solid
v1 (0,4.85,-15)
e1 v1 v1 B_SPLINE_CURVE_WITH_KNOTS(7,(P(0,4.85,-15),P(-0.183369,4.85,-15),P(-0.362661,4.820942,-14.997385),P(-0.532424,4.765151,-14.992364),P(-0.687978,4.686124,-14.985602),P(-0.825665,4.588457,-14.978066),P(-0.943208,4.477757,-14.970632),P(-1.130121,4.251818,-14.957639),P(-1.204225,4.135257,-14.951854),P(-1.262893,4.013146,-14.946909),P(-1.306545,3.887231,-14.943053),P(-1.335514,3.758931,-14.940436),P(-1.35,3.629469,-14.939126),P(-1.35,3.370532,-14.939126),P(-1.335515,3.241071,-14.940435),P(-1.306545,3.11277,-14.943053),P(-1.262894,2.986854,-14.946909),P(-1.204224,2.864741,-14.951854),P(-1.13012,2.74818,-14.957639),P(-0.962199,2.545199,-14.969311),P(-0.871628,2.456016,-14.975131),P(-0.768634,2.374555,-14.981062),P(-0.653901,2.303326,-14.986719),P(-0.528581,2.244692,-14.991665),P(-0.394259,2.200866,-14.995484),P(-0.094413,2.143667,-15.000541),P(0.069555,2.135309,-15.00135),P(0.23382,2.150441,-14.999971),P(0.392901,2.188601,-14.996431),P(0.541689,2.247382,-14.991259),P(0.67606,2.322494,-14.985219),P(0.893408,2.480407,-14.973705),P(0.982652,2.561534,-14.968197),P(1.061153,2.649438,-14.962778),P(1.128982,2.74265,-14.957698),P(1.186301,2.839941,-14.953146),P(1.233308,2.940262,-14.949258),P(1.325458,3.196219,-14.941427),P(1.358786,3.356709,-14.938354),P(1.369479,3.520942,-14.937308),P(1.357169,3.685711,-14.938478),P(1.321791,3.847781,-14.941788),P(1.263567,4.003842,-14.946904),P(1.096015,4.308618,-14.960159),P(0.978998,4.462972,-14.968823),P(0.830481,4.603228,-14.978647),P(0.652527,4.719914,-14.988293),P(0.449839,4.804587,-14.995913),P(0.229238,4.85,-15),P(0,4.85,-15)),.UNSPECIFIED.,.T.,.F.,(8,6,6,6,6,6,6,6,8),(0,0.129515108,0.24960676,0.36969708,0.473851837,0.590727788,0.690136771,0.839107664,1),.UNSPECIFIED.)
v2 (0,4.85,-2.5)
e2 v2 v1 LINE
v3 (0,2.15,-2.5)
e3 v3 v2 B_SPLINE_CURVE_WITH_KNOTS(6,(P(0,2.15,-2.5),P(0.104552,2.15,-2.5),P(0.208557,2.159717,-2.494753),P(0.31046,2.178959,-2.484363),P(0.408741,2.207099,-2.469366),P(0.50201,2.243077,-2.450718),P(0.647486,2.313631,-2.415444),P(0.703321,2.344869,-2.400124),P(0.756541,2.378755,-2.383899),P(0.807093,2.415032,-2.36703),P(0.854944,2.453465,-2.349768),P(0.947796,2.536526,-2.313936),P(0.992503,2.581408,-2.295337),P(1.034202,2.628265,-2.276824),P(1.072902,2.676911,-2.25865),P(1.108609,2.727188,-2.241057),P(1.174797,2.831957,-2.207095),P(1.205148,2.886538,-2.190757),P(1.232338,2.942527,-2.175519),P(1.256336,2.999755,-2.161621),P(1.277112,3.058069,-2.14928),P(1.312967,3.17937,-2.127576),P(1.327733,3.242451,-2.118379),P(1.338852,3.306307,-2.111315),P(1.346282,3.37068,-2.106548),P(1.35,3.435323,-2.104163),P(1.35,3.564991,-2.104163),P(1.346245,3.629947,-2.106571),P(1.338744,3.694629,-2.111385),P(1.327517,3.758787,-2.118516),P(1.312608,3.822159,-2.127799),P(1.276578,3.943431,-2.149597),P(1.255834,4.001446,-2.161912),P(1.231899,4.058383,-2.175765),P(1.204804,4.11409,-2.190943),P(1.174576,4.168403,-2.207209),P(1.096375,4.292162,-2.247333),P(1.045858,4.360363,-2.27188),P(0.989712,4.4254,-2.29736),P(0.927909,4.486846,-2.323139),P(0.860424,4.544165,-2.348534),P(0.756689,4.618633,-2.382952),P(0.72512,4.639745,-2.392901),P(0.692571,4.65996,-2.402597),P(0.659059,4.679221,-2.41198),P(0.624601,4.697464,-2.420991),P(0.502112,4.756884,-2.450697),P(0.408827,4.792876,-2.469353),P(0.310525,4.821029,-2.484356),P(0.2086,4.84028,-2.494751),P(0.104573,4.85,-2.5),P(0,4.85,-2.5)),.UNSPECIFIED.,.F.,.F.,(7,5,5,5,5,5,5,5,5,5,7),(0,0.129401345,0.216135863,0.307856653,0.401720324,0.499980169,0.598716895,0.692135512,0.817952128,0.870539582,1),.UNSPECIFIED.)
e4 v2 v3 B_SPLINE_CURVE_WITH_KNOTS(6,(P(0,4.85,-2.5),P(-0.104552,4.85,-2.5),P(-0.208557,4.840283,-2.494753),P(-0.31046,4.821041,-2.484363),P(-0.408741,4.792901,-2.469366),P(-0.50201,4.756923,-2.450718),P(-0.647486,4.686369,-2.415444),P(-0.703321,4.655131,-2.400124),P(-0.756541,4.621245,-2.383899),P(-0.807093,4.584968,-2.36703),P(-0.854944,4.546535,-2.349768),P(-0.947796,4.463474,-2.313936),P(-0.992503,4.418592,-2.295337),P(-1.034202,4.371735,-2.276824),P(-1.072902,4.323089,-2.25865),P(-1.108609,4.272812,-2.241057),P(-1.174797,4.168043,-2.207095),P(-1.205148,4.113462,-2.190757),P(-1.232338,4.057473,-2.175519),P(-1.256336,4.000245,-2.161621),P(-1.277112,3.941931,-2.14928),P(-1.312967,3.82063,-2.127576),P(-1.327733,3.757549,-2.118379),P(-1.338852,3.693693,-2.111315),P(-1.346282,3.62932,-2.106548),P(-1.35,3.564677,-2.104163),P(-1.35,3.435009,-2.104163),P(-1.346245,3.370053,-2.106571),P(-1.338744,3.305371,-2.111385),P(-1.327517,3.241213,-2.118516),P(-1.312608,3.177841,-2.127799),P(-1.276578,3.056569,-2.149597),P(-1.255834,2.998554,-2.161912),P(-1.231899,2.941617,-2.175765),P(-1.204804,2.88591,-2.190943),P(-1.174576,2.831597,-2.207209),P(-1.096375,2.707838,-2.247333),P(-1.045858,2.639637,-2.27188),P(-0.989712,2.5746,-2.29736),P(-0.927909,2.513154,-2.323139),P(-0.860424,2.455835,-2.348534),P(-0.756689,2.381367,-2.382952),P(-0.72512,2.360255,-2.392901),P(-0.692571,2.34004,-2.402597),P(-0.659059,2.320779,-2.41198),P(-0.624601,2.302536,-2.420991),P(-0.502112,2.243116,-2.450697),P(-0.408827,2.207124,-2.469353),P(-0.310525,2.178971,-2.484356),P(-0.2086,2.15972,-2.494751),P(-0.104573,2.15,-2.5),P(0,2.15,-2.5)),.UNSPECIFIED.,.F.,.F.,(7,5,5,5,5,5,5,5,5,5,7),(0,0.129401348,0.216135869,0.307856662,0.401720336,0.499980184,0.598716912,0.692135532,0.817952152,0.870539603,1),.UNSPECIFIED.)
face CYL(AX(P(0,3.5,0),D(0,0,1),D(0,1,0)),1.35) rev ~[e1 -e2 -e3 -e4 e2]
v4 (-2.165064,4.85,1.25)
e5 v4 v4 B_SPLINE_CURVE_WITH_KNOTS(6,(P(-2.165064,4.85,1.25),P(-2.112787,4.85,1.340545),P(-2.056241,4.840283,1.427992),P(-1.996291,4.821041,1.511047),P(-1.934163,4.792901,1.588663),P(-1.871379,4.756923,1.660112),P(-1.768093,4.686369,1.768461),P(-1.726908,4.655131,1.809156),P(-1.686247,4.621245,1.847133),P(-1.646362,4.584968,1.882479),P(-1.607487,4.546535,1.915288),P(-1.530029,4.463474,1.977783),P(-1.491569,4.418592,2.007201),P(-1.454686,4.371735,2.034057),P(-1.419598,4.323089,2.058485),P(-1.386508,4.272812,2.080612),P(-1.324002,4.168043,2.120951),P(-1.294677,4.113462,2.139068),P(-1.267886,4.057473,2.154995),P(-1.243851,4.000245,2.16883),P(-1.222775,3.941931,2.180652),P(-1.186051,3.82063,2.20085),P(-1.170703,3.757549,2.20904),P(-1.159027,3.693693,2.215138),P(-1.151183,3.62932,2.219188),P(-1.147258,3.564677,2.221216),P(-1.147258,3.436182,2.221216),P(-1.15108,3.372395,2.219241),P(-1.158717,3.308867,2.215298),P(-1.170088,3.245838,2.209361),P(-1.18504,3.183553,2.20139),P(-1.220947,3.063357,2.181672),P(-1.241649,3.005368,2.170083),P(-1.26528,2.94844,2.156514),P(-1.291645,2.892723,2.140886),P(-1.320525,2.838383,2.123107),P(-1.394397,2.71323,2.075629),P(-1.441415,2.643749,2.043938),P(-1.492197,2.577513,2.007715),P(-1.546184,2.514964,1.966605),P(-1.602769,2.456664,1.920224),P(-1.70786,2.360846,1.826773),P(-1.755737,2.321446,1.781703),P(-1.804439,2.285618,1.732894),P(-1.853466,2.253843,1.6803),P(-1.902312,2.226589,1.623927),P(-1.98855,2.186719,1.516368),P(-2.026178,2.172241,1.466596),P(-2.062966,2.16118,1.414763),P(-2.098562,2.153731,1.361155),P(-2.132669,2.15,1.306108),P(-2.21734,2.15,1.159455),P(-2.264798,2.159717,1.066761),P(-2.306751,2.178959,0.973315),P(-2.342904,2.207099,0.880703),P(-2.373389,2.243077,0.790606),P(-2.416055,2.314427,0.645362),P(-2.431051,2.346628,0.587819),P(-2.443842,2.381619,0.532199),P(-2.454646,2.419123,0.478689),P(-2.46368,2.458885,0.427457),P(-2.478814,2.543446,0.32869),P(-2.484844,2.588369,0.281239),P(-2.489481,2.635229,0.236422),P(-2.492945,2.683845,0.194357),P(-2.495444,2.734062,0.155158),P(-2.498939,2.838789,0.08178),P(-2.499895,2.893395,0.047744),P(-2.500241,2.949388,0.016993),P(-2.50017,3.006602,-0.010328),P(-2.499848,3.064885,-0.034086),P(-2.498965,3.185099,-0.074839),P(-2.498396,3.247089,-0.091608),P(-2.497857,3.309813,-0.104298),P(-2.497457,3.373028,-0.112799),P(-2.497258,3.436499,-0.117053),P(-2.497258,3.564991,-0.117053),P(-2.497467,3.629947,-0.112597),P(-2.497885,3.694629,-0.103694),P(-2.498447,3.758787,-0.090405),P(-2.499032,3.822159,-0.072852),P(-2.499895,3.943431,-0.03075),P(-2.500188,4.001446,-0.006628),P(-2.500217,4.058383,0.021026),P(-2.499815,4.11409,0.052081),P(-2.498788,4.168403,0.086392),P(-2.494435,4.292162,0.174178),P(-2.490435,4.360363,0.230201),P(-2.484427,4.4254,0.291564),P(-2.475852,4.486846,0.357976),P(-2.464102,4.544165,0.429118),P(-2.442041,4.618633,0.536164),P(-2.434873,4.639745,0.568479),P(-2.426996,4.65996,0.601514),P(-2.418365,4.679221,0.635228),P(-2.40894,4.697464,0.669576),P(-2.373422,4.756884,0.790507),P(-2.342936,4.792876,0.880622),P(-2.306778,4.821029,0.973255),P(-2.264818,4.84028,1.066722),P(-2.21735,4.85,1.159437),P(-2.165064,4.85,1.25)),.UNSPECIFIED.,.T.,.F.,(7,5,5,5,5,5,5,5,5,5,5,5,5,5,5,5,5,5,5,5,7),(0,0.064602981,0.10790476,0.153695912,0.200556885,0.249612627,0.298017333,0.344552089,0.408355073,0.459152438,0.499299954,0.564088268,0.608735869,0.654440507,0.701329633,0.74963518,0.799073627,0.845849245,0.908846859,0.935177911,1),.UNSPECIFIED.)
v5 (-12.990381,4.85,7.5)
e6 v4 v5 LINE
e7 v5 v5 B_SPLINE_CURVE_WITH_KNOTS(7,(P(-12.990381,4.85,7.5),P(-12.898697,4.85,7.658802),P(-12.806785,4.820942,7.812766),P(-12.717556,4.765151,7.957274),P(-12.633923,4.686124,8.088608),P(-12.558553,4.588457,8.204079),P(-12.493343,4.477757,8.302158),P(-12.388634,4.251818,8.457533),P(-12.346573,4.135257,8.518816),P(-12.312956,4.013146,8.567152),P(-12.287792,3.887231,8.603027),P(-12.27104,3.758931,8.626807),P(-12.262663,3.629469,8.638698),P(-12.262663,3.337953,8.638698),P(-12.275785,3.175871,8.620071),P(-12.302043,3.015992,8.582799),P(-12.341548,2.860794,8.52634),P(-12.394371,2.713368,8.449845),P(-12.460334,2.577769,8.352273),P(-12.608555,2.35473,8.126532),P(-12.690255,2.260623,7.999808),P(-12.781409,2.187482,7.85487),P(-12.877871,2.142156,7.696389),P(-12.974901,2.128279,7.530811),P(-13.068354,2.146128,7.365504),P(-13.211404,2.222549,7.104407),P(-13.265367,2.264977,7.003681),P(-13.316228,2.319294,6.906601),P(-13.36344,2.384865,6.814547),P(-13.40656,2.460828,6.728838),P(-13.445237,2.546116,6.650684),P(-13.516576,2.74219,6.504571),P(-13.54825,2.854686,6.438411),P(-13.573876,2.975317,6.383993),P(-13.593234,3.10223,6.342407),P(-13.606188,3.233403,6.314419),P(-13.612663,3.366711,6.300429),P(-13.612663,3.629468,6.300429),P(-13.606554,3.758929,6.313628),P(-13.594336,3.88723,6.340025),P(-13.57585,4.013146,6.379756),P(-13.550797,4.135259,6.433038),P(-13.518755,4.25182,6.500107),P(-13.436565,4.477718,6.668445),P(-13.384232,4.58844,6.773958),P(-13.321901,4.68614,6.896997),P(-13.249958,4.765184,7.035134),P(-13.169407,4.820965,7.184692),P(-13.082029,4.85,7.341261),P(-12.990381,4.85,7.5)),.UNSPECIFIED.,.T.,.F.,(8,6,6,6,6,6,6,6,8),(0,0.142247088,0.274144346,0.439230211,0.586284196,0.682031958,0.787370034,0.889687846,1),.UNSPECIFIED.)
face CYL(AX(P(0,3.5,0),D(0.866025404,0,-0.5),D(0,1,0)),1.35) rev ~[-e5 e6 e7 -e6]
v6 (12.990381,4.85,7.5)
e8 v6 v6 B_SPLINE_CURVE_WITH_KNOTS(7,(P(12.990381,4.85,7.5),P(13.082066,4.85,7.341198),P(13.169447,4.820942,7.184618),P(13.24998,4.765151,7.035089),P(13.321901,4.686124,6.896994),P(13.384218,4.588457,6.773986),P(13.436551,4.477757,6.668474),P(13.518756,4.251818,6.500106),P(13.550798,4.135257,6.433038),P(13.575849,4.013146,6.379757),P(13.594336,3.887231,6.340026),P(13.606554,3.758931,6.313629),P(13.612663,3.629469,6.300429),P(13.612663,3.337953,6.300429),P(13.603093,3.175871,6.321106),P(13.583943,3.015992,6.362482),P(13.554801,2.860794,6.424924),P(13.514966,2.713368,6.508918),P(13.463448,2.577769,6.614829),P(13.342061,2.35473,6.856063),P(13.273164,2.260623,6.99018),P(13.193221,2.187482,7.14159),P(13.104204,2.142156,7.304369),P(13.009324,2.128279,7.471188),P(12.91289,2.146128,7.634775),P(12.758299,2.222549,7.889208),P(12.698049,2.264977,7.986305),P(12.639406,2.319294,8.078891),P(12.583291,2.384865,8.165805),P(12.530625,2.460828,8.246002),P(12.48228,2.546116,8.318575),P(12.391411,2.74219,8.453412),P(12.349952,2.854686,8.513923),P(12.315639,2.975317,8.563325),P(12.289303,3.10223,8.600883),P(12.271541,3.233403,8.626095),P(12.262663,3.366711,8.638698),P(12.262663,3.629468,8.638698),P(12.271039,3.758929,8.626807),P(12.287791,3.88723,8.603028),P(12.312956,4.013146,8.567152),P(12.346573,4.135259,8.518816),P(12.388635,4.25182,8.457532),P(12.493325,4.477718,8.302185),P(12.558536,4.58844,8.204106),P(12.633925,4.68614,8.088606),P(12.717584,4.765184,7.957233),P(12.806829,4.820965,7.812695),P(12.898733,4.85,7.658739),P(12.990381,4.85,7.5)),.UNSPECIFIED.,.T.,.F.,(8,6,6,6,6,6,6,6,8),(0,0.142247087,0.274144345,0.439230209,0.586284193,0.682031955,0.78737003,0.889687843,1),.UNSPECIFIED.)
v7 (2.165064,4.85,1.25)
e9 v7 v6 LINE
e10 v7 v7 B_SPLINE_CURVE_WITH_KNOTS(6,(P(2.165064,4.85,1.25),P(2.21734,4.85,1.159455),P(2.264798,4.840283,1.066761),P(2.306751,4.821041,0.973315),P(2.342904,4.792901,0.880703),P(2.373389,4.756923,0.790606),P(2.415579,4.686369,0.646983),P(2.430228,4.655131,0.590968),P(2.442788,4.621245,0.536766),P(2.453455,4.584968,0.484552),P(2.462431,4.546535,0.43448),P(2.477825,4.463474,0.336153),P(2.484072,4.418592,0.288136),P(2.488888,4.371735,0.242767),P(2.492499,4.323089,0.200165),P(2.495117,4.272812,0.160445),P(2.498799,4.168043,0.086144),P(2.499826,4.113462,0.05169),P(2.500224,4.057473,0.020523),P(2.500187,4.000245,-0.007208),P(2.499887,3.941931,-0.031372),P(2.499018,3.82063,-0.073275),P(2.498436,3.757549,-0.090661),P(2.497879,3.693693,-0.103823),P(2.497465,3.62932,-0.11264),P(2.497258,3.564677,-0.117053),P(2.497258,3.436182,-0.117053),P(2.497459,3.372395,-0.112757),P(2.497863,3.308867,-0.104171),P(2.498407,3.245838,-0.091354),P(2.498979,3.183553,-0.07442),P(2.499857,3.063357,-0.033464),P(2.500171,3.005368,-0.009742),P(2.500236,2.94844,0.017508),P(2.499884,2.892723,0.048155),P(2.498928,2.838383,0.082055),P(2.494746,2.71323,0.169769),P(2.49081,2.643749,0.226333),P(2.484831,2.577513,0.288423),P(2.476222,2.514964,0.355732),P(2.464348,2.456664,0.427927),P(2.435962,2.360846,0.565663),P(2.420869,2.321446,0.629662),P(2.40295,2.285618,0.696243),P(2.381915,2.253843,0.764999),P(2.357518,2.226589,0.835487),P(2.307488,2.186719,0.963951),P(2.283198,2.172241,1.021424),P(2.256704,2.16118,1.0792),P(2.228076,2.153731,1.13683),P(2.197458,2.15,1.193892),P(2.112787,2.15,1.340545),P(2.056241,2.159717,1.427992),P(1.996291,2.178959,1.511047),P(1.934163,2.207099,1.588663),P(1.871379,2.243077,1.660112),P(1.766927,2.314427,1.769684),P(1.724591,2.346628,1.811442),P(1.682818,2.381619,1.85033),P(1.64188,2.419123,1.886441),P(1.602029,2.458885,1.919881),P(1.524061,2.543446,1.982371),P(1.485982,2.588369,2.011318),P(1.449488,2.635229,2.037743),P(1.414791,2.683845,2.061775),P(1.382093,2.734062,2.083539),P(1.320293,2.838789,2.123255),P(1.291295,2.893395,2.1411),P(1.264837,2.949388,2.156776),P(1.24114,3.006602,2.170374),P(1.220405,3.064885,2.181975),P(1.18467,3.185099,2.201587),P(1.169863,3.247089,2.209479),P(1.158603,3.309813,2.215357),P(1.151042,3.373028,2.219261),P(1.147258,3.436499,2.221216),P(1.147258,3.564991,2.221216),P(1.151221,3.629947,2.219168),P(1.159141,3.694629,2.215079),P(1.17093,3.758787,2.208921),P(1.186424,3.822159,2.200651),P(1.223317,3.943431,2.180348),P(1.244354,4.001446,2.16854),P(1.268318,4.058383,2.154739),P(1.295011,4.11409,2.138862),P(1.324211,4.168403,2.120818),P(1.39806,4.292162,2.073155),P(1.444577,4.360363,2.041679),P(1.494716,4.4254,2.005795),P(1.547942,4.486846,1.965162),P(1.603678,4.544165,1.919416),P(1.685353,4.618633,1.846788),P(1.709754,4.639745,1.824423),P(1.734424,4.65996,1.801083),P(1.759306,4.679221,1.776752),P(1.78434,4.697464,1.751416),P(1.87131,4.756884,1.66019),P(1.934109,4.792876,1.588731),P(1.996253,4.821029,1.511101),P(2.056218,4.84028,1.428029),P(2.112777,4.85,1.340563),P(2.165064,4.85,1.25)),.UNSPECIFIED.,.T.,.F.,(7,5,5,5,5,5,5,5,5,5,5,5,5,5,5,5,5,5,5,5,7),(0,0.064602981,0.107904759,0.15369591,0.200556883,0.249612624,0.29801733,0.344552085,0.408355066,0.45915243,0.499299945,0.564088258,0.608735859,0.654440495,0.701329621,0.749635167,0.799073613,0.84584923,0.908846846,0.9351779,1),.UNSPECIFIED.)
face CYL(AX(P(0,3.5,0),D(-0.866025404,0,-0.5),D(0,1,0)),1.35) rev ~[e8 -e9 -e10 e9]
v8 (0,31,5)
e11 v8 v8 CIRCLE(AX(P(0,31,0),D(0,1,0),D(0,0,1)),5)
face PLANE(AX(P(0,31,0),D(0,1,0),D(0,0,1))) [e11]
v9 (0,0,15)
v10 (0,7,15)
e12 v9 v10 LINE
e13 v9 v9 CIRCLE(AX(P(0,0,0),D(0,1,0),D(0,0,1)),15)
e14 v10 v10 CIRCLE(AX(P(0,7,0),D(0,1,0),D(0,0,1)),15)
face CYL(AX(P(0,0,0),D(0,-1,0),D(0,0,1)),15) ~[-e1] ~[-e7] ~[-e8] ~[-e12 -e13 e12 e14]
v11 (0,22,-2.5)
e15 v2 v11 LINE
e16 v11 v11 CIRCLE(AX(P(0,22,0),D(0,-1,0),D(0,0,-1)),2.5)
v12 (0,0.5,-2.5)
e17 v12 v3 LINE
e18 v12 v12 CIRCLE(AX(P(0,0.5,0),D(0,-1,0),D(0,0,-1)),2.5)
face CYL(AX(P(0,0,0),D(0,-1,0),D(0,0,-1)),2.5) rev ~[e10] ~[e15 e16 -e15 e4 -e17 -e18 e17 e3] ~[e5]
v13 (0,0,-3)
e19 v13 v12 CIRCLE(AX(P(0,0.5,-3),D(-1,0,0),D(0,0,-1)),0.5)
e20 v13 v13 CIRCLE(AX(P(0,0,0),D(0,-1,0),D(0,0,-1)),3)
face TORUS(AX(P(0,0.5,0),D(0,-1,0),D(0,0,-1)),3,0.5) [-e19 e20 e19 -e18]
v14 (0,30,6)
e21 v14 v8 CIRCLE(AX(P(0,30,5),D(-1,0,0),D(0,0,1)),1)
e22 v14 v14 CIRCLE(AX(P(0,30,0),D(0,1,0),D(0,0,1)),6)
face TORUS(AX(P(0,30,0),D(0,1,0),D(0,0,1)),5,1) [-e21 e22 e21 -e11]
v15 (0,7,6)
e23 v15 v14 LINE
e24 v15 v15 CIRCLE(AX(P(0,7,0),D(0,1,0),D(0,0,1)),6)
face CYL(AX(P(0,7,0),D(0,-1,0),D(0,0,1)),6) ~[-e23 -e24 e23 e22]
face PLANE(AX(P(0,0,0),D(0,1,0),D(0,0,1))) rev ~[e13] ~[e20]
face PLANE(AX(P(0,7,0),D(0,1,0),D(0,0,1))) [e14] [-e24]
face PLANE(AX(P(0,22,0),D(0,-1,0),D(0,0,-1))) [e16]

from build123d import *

# Parameters (mm, degrees)
SKICA1_R                 = 15
P_IDAT_VYSUNUT_M1_DEPTH  = 7
SKICA3_R                 = 6
P_IDAT_VYSUNUT_M2_DEPTH  = 24
ZAOBLIT1_R               = 1
SKICA5_R                 = 2.5
ODEBRAT_VYSUNUT_M1_DEPTH = 22
ZAOBLIT3_R               = 0.5
SKICA6_R                 = 1.35
ODEBRAT_VYSUNUT_M3_DEPTH = 38.563280025
KRUHOV_POLE1_COUNT       = 3


with BuildPart() as part:
    # Skica1 → Přidat vysunutím1 (new body)
    with BuildSketch(Plane(origin=(0, 0, 0), x_dir=(1, 0, 0), z_dir=(0, 1, 0))):
        with Locations(Location((0, 0, 0), (0, 0, 270))):
            Circle(SKICA1_R)
    extrude(amount=P_IDAT_VYSUNUT_M1_DEPTH)

    # Skica3 → Přidat vysunutím2 (add)
    with BuildSketch(Plane(origin=(0, 7, 0), x_dir=(1, 0, 0), z_dir=(0, 1, 0))):
        with Locations(Location((0, 0, 0), (0, 0, 270))):
            Circle(SKICA3_R)
    extrude(amount=P_IDAT_VYSUNUT_M2_DEPTH)

    # Zaoblit1
    zaoblit1_edges = [part.edges().sort_by_distance(p)[0] for p in [
        (0, 31, -6),
    ]]
    fillet(zaoblit1_edges, radius=ZAOBLIT1_R)

    # Skica5 → Odebrat vysunutím1 (cut)
    with BuildSketch(Plane.XZ):
        with Locations(Location((0, 0, 0), (0, 0, 270))):
            Circle(SKICA5_R)
    extrude(amount=-ODEBRAT_VYSUNUT_M1_DEPTH, mode=Mode.SUBTRACT)

    # Zaoblit3
    zaoblit3_edges = [part.edges().sort_by_distance(p)[0] for p in [
        (0, 0, 2.5),
    ]]
    fillet(zaoblit3_edges, radius=ZAOBLIT3_R)

    # Skica6 → Odebrat vysunutím3 (cut, through all)
    with BuildSketch(Plane.XY):
        with Locations(Location((0, 3.5, 0), (0, 0, 90))):
            Circle(SKICA6_R)
    odebrat_vysunut_m3 = extrude(amount=-ODEBRAT_VYSUNUT_M3_DEPTH, mode=Mode.SUBTRACT)

    # Kruhové pole1: Odebrat vysunutím3 ×3 about axis
    kruhov_pole1_axis = Axis((0, 0, 0), (0, -1, 0))
    for i in range(1, KRUHOV_POLE1_COUNT):
        add(odebrat_vysunut_m3.rotate(kruhov_pole1_axis, i * 360 / KRUHOV_POLE1_COUNT), mode=Mode.SUBTRACT)


solid = part.part
